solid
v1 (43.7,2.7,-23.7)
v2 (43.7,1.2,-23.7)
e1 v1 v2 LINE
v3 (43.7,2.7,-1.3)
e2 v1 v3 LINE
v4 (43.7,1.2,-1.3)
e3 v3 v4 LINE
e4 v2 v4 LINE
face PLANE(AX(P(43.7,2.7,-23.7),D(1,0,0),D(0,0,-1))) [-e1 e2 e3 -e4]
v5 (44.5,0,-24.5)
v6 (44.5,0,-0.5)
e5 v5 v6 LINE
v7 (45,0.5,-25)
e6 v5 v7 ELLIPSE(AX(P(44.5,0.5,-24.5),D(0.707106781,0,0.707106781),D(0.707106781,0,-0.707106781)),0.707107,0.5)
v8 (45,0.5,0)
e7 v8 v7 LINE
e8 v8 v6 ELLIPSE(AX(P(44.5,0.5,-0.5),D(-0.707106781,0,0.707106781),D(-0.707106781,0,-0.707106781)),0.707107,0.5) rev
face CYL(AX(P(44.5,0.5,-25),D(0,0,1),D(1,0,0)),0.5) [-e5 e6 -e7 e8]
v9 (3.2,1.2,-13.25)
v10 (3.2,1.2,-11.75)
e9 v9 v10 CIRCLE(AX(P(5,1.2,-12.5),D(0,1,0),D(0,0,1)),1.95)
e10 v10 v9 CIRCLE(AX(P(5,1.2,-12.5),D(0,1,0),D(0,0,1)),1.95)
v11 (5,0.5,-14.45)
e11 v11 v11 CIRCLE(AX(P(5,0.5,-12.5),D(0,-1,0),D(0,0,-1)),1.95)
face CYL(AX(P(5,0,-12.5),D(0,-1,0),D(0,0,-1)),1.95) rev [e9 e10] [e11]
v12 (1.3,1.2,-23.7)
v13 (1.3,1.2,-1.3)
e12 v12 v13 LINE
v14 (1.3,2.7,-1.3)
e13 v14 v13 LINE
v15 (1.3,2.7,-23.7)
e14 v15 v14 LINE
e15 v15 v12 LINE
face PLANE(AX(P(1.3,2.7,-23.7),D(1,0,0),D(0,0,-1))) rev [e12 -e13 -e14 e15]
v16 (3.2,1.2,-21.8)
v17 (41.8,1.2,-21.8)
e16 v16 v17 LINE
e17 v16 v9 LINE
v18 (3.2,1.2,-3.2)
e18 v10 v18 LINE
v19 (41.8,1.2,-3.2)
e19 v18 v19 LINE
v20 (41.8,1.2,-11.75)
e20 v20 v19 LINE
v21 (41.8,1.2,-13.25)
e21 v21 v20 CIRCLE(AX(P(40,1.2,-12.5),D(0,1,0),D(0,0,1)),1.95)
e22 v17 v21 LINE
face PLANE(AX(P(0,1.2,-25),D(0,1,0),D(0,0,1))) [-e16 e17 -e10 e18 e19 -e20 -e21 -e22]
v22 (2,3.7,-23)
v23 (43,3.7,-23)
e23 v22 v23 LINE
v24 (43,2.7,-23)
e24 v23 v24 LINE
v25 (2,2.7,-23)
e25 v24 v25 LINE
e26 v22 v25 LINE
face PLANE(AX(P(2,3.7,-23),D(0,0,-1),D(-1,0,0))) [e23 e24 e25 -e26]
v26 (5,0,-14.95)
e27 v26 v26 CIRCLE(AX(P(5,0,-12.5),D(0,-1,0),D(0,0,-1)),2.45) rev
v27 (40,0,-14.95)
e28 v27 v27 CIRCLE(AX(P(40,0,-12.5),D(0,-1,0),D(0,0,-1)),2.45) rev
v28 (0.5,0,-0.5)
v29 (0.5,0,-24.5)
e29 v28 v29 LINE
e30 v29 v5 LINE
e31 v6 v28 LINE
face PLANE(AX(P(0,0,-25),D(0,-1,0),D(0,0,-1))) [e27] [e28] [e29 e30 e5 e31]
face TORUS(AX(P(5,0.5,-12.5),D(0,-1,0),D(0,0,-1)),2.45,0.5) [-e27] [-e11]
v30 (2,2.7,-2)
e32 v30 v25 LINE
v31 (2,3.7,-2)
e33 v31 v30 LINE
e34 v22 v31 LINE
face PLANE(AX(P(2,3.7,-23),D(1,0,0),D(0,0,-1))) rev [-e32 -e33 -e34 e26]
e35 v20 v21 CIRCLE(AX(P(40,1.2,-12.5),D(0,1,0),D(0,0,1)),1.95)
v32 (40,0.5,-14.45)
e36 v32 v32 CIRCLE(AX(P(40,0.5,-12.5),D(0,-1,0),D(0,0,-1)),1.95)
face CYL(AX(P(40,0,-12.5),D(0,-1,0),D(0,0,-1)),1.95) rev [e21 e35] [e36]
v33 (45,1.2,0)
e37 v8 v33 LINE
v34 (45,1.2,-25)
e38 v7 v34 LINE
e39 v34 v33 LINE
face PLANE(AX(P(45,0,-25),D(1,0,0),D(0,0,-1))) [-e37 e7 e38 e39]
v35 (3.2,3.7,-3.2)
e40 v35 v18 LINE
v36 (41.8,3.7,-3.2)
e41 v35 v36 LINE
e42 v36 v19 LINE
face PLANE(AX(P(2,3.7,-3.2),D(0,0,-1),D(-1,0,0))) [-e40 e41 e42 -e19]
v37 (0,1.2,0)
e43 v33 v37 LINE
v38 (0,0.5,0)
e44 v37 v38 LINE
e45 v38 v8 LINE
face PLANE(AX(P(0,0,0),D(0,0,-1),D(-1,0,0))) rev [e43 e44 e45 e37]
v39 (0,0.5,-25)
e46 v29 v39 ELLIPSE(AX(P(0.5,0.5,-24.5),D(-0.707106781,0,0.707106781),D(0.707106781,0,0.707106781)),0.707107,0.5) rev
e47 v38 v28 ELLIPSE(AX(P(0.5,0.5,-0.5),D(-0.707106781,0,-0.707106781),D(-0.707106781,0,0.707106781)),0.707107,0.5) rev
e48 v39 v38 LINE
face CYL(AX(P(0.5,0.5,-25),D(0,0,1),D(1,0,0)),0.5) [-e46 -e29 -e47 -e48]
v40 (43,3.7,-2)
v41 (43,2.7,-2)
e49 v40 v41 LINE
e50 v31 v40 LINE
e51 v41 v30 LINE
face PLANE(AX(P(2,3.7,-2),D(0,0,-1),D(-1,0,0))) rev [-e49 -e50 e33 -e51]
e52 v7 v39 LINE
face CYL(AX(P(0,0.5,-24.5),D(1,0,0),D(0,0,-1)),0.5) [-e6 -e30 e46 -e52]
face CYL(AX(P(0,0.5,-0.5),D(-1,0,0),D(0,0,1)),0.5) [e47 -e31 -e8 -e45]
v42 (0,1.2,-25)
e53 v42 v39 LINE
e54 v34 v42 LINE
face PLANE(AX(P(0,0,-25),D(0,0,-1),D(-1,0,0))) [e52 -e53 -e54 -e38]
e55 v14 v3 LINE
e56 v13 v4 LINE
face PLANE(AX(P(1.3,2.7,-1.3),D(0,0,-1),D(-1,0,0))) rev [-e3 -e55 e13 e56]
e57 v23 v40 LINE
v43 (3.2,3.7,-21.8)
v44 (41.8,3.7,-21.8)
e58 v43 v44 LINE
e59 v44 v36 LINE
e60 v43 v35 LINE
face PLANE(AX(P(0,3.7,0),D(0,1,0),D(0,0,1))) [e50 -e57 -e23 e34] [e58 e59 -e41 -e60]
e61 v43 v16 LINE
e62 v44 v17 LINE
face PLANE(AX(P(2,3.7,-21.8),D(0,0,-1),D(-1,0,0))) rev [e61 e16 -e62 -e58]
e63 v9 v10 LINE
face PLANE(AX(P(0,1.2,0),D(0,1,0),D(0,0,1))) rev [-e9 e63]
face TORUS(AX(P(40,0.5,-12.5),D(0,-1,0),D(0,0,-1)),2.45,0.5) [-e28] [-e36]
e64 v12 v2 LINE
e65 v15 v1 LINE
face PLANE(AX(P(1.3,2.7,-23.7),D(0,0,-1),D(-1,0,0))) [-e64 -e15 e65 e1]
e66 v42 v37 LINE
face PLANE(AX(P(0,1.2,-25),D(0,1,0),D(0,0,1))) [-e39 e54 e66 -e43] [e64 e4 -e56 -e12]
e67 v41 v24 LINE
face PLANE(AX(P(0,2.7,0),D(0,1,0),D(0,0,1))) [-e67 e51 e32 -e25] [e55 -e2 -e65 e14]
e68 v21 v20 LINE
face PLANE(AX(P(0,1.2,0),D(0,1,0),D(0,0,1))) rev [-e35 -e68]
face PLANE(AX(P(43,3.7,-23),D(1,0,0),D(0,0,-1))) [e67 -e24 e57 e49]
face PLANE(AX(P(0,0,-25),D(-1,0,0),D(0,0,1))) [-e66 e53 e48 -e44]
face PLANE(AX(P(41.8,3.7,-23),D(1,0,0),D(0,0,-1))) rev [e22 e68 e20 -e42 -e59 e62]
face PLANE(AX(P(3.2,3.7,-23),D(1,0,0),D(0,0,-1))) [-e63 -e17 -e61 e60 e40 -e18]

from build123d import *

# Parameters (mm, degrees)
SKETCH1_W                  = 45
SKETCH1_H                  = 1.2
BOSS_EXTRUDE1_DEPTH        = 25
SKETCH2_W                  = 42.4
SKETCH2_H                  = 22.4
SKETCH2_W_2                = 40.4
SKETCH2_H_2                = 20.4
EXTRUDE_THIN1_DEPTH        = 1.5
F_6_0_204_DIAMETER_HOLE1_D = 3.9
SKETCH6_W                  = 41
SKETCH6_H                  = 21
SKETCH6_W_2                = 38.6
SKETCH6_H_2                = 18.6
EXTRUDE_THIN2_DEPTH        = 2.5
FILLET1_R                  = 0.5


with BuildPart() as part:
    # Sketch1 → Boss-Extrude1 (new body)
    with BuildSketch(Plane.XY):
        with Locations((22.5, 0.6)):
            Rectangle(SKETCH1_W, SKETCH1_H)
    extrude(amount=-BOSS_EXTRUDE1_DEPTH)

    # Sketch2 → Extrude-Thin1 (add)
    with BuildSketch(Plane(origin=(0, 1.2, 0), x_dir=(1, 0, 0), z_dir=(0, 1, 0))):
        with Locations((22.5, 12.5)):
            Rectangle(SKETCH2_W, SKETCH2_H)
        with Locations((22.5, 12.5)):
            Rectangle(SKETCH2_W_2, SKETCH2_H_2, mode=Mode.SUBTRACT)
    extrude(amount=EXTRUDE_THIN1_DEPTH)

    # #6 (0.204) Diameter Hole1 (through all)
    with Locations(Plane(origin=(0, 0, 0), x_dir=(-1, 0, 0), z_dir=(0, -1, 0))):
        with Locations((-5, 12.5), (-40, 12.5)):
            Hole(F_6_0_204_DIAMETER_HOLE1_D / 2)

    # Sketch6 → Extrude-Thin2 (add)
    with BuildSketch(Plane(origin=(0, 1.2, 0), x_dir=(1, 0, 0), z_dir=(0, 1, 0))):
        with Locations((22.5, 12.5)):
            Rectangle(SKETCH6_W, SKETCH6_H)
        with Locations((22.5, 12.5)):
            Rectangle(SKETCH6_W_2, SKETCH6_H_2, mode=Mode.SUBTRACT)
    extrude(amount=EXTRUDE_THIN2_DEPTH)

    # Fillet1
    fillet1_edges = [part.edges().sort_by_distance(p)[0] for p in [
        (38.05, 0, -12.5),
        (3.05, 0, -12.5),
        (22.5, 0, 0),
        (45, 0, -12.5),
        (0, 0, -12.5),
        (22.5, 0, -25),
    ]]
    fillet(fillet1_edges, radius=FILLET1_R)


solid = part.part
